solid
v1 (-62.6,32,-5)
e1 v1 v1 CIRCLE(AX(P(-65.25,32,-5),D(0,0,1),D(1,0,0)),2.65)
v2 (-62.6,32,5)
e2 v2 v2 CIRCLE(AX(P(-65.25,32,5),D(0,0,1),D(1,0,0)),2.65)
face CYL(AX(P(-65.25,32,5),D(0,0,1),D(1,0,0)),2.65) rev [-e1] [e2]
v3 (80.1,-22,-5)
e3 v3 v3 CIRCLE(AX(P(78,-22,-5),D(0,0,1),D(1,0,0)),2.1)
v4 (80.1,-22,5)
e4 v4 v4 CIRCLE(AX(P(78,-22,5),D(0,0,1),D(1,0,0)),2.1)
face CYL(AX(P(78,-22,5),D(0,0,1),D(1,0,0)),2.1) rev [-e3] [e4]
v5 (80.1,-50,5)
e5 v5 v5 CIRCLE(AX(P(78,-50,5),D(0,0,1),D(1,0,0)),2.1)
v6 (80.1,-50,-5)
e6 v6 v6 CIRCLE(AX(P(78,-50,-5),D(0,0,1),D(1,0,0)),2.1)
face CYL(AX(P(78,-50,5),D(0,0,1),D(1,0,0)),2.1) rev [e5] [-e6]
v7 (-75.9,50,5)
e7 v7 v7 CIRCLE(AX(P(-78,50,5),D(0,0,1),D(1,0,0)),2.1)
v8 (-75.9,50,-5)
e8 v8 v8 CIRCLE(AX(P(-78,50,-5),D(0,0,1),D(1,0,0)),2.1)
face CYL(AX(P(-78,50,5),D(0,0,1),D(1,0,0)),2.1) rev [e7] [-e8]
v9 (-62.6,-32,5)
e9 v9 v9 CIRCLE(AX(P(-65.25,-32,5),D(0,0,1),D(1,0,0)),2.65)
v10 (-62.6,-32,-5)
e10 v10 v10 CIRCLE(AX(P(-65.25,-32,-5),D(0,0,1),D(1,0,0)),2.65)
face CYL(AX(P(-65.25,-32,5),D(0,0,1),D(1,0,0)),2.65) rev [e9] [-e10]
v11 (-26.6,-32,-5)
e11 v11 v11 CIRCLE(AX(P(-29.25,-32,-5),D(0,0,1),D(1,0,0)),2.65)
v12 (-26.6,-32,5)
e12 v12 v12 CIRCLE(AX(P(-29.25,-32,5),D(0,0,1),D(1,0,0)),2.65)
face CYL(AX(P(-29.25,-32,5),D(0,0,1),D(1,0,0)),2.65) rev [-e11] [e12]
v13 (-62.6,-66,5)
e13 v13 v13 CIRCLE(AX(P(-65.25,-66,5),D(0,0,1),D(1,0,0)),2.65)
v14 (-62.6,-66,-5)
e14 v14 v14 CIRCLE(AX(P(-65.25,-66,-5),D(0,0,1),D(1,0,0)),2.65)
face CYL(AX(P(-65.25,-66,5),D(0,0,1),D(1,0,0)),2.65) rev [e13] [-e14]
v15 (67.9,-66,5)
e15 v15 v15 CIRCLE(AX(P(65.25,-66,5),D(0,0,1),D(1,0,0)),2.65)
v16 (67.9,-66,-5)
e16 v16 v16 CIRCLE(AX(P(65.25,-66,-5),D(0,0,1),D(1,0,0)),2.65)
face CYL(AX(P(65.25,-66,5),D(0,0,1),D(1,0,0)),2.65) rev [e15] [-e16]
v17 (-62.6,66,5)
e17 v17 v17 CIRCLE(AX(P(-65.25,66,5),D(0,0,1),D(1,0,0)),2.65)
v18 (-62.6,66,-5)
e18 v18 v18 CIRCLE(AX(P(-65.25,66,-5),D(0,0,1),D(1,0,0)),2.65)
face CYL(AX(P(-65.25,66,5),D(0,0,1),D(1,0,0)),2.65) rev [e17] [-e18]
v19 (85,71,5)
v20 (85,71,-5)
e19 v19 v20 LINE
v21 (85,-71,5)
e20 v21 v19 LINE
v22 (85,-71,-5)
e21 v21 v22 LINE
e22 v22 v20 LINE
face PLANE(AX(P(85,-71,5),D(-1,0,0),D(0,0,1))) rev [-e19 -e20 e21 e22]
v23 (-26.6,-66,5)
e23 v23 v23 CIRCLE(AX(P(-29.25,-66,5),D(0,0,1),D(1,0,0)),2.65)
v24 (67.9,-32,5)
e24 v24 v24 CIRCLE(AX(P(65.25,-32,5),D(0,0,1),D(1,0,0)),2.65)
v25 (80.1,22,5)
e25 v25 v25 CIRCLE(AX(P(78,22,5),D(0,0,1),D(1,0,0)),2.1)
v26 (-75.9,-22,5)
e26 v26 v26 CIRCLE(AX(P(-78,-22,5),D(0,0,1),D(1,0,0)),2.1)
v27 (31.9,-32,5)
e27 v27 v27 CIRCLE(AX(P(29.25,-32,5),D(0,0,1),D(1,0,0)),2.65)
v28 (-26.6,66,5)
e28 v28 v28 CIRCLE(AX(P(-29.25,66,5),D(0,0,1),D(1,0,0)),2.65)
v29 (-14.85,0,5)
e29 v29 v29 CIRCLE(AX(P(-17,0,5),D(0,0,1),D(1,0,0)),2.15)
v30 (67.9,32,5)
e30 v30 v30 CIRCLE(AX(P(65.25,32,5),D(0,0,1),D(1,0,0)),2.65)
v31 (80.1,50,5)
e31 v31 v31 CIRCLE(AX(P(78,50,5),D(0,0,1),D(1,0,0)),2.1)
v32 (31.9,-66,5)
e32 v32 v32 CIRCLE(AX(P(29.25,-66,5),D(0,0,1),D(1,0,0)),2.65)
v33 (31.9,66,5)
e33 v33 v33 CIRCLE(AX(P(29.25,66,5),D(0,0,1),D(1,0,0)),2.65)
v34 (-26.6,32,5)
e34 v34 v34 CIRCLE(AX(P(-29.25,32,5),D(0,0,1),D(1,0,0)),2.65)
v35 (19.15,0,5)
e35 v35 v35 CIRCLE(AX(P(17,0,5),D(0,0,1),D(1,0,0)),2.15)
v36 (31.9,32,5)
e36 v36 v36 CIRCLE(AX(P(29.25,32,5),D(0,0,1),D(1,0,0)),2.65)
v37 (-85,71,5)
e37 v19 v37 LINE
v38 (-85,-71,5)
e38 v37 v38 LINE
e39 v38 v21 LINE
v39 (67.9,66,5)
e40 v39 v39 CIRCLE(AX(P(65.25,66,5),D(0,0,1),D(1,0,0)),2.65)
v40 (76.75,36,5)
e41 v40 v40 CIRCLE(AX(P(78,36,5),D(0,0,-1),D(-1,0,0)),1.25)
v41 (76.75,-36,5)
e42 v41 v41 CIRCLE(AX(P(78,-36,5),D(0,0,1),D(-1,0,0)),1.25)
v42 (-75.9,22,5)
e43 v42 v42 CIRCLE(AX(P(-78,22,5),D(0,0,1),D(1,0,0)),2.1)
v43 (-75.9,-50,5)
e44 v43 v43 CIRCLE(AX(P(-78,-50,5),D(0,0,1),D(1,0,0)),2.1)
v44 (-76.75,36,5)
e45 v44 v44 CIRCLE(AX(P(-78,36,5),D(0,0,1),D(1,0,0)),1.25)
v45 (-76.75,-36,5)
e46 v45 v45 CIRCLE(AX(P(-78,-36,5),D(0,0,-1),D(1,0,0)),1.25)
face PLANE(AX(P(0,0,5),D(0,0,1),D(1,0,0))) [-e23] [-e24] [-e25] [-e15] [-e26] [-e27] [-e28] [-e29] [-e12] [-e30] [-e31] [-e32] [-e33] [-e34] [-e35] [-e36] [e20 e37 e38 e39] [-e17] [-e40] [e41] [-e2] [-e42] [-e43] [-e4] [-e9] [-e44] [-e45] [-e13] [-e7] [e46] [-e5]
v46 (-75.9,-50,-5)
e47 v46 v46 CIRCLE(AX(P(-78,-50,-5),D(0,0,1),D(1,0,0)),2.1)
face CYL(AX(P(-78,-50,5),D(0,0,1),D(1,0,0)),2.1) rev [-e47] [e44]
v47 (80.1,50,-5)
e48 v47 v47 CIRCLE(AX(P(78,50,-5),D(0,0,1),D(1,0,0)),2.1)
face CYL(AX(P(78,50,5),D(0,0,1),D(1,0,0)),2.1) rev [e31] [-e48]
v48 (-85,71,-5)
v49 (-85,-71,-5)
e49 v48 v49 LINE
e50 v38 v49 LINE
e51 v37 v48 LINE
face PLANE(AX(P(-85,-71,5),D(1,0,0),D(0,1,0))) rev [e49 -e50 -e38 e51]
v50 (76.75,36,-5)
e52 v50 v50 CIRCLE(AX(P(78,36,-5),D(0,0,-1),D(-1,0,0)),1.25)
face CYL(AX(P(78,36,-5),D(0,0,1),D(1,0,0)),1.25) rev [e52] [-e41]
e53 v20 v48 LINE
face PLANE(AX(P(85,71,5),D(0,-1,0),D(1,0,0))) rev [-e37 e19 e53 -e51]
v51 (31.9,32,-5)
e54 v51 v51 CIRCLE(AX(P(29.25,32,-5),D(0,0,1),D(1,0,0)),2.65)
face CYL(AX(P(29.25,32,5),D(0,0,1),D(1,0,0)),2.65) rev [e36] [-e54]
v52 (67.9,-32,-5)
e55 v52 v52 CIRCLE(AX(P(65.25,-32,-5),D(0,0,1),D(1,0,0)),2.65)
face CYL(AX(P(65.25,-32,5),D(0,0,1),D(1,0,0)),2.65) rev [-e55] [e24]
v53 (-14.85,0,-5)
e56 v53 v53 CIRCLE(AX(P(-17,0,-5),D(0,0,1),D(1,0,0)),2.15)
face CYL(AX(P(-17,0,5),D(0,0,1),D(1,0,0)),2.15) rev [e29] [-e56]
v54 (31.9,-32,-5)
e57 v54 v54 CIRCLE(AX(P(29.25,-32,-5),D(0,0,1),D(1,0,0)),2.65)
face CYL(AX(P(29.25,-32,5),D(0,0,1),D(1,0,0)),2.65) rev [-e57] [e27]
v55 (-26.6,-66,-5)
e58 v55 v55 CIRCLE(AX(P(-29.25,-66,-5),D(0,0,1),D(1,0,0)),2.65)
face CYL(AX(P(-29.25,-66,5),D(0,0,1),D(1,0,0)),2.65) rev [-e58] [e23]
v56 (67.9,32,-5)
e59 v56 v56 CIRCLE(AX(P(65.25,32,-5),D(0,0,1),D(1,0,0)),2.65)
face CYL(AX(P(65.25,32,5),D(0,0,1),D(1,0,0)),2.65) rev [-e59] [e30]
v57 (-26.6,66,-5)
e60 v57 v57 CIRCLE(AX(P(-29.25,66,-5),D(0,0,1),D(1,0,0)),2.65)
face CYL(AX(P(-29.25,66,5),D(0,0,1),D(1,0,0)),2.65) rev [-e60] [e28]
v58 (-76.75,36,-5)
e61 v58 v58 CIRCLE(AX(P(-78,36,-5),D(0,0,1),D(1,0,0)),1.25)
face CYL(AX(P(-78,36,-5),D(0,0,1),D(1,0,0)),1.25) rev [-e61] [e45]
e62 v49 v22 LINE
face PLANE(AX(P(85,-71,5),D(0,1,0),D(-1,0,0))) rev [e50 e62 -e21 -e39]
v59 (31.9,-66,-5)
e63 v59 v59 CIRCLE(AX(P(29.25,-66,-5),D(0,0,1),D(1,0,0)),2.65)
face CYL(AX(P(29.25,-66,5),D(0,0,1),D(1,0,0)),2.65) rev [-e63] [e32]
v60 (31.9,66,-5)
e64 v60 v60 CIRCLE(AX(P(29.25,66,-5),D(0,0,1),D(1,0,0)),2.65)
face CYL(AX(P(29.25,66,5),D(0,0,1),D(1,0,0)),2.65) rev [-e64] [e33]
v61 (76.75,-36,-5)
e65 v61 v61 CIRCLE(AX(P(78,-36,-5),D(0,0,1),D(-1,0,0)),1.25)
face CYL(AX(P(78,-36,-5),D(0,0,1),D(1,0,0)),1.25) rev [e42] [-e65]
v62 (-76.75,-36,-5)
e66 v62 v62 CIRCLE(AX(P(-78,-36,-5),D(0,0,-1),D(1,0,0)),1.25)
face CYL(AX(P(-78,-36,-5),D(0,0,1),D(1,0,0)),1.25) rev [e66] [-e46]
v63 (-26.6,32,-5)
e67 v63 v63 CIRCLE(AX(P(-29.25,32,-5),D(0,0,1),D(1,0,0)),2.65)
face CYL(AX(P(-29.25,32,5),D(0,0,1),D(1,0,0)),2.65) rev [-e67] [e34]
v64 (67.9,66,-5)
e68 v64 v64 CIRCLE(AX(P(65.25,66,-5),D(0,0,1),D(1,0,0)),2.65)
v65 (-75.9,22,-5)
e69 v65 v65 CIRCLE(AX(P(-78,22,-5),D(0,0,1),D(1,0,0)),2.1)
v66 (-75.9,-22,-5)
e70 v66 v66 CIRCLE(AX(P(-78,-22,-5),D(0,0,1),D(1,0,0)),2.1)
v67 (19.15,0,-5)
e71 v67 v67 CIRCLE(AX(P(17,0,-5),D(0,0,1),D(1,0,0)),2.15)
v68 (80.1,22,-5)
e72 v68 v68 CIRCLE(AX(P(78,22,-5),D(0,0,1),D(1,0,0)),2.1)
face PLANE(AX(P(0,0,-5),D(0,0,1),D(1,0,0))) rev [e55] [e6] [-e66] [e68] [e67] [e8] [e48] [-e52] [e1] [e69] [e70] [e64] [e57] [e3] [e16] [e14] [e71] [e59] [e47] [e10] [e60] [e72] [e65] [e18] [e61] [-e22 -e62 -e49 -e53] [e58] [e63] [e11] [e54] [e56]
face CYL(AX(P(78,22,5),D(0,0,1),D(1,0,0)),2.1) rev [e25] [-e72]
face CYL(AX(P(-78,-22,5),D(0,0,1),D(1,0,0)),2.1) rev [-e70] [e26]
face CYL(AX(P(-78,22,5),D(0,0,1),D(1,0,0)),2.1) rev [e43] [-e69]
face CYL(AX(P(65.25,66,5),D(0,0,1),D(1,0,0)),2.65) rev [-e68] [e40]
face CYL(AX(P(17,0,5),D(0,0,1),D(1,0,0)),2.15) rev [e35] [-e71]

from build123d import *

# Parameters (mm, degrees)
SKETCH1_W                      = 170
SKETCH1_H                      = 142
BOSS_EXTRUDE1_DEPTH            = 5
M5_CLEARANCE_HOLE1_D           = 5.3
MIRROR3_COPY_1_D               = 5.3
M4_CLEARANCE_HOLE1_D           = 4.3
M5X0_8_TAPPED_HOLE1_AT_2_COUNT = 2
M5X0_8_TAPPED_HOLE1_AT_2_PITCH = 28
SKETCH6_R                      = 1.25
CUT_EXTRUDE5_DEPTH             = 11
MIRROR4_COPY_2_SKETCH_R        = 1.25
MIRROR4_COPY_2_DEPTH           = 11


with BuildPart() as part:
    # Sketch1 → Boss-Extrude1 (new body, symmetric)
    with BuildSketch(Plane.XY):
        Rectangle(SKETCH1_W, SKETCH1_H)
    extrude(amount=BOSS_EXTRUDE1_DEPTH, both=True)

    # M5 Clearance Hole1 (through all)
    with Locations(Plane.XY.offset(5)):
        with Locations((-65.25, 66), (-29.25, 66), (-29.25, 32), (-65.25, 32)):
            m5_clearance_hole1 = Hole(M5_CLEARANCE_HOLE1_D / 2)

    # Mirror2: M5 Clearance Hole1 across plane
    add(m5_clearance_hole1.mirror(Plane.ZX), mode=Mode.SUBTRACT)

    # Mirror3: M5 Clearance Hole1 across plane
    add(m5_clearance_hole1.mirror(Plane(origin=(0, 0, 0), x_dir=(0, 0, 1), z_dir=(1, 0, 0))), mode=Mode.SUBTRACT)

    # Mirror3 copy 1 (through all)
    with Locations(Plane(origin=(0, 0, 5), x_dir=(-1, 0, 0), z_dir=(0, 0, 1))):
        with Locations((-65.25, 66), (-29.25, 66), (-29.25, 32), (-65.25, 32)):
            Hole(MIRROR3_COPY_1_D / 2)

    # M4 Clearance Hole1 (through all)
    with Locations(Plane.XY.offset(5)):
        with Locations((-17, 0), (17, 0)):
            Hole(M4_CLEARANCE_HOLE1_D / 2)

    # Sketch11 → M5x0.8 Tapped Hole1 (revolve, cut)
    with BuildSketch(Plane(origin=(-78, 50, 5), x_dir=(0, -1, 0), z_dir=(1, 0, 0))):
        Polygon((0, 0), (0, 15.2618073), (2.1, 14), (2.1, 0), align=None)
    m5x0_8_tapped_hole1 = revolve(axis=Axis((-78, 50, 11.35), (0, 0, -1)), mode=Mode.SUBTRACT)

    # M5x0.8 Tapped Hole1 at 2: M5x0.8 Tapped Hole1 ×2
    with Locations(*[(0, -i * M5X0_8_TAPPED_HOLE1_AT_2_PITCH, 0) for i in range(1, M5X0_8_TAPPED_HOLE1_AT_2_COUNT)]):
        add(m5x0_8_tapped_hole1, mode=Mode.SUBTRACT)

    # Sketch6 → Cut-Extrude5 (cut, through all)
    with BuildSketch(Plane.XY.offset(5)):
        with Locations((-78, 36)):
            Circle(SKETCH6_R)
    cut_extrude5 = extrude(amount=-CUT_EXTRUDE5_DEPTH, mode=Mode.SUBTRACT)

    # Mirror1: M5x0.8 Tapped Hole1, Cut-Extrude5 across plane
    add(m5x0_8_tapped_hole1.mirror(Plane(origin=(0, 0, 0), x_dir=(0, 0, 1), z_dir=(1, 0, 0))), mode=Mode.SUBTRACT)
    add(cut_extrude5.mirror(Plane(origin=(0, 0, 0), x_dir=(0, 0, 1), z_dir=(1, 0, 0))), mode=Mode.SUBTRACT)

    # Mirror1 copy 1 sketch → Mirror1 copy 1 (revolve, cut)
    with BuildSketch(Plane(origin=(78, 22, 5), x_dir=(0, -1, 0), z_dir=(-1, 0, 0))):
        Polygon((0, 0), (0, -15.2618073), (2.1, -14), (2.1, 0), align=None)
    revolve(axis=Axis((78, 22, 11.35), (0, 0, 1)), mode=Mode.SUBTRACT)

    # Mirror4: M5x0.8 Tapped Hole1, Cut-Extrude5 across plane
    add(m5x0_8_tapped_hole1.mirror(Plane.ZX), mode=Mode.SUBTRACT)
    add(cut_extrude5.mirror(Plane.ZX), mode=Mode.SUBTRACT)

    # Mirror4 copy 1 sketch → Mirror4 copy 1 (revolve, cut)
    with BuildSketch(Plane(origin=(78, -50, 5), x_dir=(0, 1, 0), z_dir=(-1, 0, 0))):
        Polygon((0, 0), (0, 15.2618073), (2.1, 14), (2.1, 0), align=None)
    revolve(axis=Axis((78, -50, 11.35), (0, 0, -1)), mode=Mode.SUBTRACT)

    # Mirror4 copy 2 sketch → Mirror4 copy 2 (cut, through all)
    with BuildSketch(Plane(origin=(0, 0, 5), x_dir=(-1, 0, 0), z_dir=(0, 0, 1))):
        with Locations((-78, 36)):
            Circle(MIRROR4_COPY_2_SKETCH_R)
    extrude(amount=-MIRROR4_COPY_2_DEPTH, mode=Mode.SUBTRACT)

    # Mirror4 copy 3 sketch → Mirror4 copy 3 (revolve, cut)
    with BuildSketch(Plane(origin=(78, -22, 5), x_dir=(0, 1, 0), z_dir=(-1, 0, 0))):
        Polygon((0, 0), (0, 15.2618073), (2.1, 14), (2.1, 0), align=None)
    revolve(axis=Axis((78, -22, 11.35), (0, 0, -1)), mode=Mode.SUBTRACT)

    # Mirror4 copy 4 sketch → Mirror4 copy 4 (revolve, cut)
    with BuildSketch(Plane(origin=(-78, -22, 5), x_dir=(0, 1, 0), z_dir=(1, 0, 0))):
        Polygon((0, 0), (0, -15.2618073), (2.1, -14), (2.1, 0), align=None)
    revolve(axis=Axis((-78, -22, 11.35), (0, 0, 1)), mode=Mode.SUBTRACT)


solid = part.part
